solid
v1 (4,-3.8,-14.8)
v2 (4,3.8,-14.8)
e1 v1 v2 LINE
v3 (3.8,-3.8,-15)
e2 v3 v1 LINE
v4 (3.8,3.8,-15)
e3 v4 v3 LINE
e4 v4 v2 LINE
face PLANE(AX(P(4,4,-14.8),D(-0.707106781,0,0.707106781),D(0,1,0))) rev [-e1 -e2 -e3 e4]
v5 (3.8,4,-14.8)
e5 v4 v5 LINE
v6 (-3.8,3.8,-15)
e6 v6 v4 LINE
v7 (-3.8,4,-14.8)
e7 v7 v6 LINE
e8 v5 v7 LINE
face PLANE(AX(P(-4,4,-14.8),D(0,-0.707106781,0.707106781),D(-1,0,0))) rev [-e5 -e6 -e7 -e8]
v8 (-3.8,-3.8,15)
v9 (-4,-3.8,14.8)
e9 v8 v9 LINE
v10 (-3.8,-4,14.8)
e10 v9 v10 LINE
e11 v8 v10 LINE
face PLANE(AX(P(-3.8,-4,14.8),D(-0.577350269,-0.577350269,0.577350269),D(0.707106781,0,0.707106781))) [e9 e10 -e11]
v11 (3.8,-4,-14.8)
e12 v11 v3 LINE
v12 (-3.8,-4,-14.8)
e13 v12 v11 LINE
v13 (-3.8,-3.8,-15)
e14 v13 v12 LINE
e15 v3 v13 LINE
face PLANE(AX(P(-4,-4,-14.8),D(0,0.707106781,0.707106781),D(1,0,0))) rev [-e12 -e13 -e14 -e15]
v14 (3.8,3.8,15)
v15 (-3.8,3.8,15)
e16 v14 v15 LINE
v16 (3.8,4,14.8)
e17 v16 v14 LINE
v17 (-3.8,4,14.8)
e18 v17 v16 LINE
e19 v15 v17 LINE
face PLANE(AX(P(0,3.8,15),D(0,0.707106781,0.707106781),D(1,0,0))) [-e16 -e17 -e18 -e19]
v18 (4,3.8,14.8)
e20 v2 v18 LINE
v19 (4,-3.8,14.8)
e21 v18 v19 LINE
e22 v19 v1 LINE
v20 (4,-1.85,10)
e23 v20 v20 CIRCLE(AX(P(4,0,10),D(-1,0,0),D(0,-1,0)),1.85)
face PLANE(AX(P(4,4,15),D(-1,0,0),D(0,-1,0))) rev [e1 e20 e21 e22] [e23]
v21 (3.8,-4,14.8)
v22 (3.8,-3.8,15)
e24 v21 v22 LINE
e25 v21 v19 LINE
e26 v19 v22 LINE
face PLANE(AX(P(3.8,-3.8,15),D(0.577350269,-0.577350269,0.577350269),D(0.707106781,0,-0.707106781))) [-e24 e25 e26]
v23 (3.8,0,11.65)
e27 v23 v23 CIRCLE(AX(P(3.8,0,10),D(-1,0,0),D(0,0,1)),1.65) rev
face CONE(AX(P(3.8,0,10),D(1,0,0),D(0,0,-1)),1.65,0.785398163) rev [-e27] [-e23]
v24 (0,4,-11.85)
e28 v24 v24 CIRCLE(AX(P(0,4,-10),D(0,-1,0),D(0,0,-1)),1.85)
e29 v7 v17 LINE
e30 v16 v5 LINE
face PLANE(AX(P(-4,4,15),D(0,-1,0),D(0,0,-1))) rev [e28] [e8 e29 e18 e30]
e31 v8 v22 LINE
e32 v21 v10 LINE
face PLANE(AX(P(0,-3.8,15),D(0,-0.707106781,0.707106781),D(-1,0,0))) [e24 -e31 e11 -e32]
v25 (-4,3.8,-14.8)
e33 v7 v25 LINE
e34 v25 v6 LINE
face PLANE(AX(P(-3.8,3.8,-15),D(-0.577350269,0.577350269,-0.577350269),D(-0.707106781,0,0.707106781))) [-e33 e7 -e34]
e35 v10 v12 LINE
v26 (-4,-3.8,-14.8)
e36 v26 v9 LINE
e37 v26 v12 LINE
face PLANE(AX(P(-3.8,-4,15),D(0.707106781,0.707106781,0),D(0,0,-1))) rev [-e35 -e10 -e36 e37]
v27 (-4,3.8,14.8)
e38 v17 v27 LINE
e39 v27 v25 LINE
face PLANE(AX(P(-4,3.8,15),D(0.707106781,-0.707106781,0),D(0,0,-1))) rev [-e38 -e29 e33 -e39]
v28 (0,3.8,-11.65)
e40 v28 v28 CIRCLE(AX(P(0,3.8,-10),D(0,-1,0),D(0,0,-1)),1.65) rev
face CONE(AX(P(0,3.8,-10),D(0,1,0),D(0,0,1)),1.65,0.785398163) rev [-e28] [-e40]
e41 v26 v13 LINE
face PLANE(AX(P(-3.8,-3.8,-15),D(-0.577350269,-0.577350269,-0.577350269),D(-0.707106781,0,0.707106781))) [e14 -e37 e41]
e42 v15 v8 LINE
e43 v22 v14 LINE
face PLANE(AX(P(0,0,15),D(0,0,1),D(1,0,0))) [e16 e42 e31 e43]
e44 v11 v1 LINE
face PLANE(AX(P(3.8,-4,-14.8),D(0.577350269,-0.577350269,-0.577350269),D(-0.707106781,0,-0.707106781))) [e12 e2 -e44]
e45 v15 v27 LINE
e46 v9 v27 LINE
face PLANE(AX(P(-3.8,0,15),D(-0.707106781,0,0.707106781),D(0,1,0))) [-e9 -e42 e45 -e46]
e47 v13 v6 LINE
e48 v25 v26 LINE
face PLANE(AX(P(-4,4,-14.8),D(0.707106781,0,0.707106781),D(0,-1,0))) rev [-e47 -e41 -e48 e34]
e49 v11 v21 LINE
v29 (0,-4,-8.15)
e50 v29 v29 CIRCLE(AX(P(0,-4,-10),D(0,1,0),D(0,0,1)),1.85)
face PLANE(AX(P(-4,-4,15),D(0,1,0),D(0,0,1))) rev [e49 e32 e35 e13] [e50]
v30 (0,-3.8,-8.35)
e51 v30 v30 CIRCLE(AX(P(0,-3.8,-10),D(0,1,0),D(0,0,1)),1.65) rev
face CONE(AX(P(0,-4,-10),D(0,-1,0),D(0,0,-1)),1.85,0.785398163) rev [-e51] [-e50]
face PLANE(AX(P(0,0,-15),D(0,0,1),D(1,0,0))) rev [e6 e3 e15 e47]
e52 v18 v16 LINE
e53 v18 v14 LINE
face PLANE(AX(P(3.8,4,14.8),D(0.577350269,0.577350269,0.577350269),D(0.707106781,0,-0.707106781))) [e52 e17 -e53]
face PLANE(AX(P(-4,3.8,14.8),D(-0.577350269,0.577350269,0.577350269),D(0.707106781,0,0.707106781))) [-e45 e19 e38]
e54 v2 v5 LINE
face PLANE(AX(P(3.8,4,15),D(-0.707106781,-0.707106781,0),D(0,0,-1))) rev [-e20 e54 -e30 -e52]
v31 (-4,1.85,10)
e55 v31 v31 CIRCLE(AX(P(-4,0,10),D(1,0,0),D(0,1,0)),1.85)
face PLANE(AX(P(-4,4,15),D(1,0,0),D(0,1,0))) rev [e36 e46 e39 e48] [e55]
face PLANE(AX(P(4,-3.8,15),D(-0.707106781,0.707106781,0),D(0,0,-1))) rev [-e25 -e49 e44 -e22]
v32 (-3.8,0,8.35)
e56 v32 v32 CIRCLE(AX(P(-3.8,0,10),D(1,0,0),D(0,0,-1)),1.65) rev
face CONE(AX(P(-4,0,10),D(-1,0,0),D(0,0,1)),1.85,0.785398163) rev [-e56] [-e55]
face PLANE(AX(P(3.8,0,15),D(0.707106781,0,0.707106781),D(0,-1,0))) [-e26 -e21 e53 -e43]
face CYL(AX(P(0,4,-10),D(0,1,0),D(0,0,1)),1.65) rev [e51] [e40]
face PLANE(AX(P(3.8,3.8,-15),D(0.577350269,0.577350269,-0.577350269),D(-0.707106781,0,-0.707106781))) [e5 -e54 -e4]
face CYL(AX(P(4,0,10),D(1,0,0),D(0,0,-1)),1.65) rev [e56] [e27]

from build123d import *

# Parameters (mm, degrees)
SKETCH_1_W         = 8
SKETCH_1_H         = 8
EXTRUDE_1_DEPTH    = 15
HOLE_WIZARD_M4_1_D = 3.3
HOLE_WIZARD_M4_2_D = 3.3
CHAMFER_1_SIZE     = 0.2


with BuildPart() as part:
    # 草图1 → 凸台-拉伸1 (new, symmetric)
    with BuildSketch(Plane.XY):
        Rectangle(SKETCH_1_W, SKETCH_1_H)
    extrude(amount=EXTRUDE_1_DEPTH, both=True)

    # M4 螺纹孔1 (through all)
    with Locations(Plane(origin=(4, 0, 0), x_dir=(0, 0, -1), z_dir=(1, 0, 0))):
        with Locations((-10, 0)):
            Hole(HOLE_WIZARD_M4_1_D / 2)

    # M4 螺纹孔2 (through all)
    with Locations(Plane(origin=(0, 4, 0), x_dir=(1, 0, 0), z_dir=(0, 1, 0))):
        with Locations((0, 10)):
            Hole(HOLE_WIZARD_M4_2_D / 2)

    # 倒角1
    chamfer_1_edges = [part.edges().sort_by_distance(p)[0] for p in [
        (-4, 0, 15),
        (4, 0, 8.35),
        (-4, 0, 8.35),
        (0, -4, 15),
        (1.65, 4, -10),
        (1.65, -4, -10),
        (4, 0, 15),
        (0, -4, -15),
        (-4, 0, -15),
        (0, 4, -15),
        (4, 0, -15),
        (4, -4, 0),
        (-4, -4, 0),
        (-4, 4, 0),
        (4, 4, 0),
        (0, 4, 15),
    ]]
    chamfer(chamfer_1_edges, length=CHAMFER_1_SIZE)


solid = part.part
